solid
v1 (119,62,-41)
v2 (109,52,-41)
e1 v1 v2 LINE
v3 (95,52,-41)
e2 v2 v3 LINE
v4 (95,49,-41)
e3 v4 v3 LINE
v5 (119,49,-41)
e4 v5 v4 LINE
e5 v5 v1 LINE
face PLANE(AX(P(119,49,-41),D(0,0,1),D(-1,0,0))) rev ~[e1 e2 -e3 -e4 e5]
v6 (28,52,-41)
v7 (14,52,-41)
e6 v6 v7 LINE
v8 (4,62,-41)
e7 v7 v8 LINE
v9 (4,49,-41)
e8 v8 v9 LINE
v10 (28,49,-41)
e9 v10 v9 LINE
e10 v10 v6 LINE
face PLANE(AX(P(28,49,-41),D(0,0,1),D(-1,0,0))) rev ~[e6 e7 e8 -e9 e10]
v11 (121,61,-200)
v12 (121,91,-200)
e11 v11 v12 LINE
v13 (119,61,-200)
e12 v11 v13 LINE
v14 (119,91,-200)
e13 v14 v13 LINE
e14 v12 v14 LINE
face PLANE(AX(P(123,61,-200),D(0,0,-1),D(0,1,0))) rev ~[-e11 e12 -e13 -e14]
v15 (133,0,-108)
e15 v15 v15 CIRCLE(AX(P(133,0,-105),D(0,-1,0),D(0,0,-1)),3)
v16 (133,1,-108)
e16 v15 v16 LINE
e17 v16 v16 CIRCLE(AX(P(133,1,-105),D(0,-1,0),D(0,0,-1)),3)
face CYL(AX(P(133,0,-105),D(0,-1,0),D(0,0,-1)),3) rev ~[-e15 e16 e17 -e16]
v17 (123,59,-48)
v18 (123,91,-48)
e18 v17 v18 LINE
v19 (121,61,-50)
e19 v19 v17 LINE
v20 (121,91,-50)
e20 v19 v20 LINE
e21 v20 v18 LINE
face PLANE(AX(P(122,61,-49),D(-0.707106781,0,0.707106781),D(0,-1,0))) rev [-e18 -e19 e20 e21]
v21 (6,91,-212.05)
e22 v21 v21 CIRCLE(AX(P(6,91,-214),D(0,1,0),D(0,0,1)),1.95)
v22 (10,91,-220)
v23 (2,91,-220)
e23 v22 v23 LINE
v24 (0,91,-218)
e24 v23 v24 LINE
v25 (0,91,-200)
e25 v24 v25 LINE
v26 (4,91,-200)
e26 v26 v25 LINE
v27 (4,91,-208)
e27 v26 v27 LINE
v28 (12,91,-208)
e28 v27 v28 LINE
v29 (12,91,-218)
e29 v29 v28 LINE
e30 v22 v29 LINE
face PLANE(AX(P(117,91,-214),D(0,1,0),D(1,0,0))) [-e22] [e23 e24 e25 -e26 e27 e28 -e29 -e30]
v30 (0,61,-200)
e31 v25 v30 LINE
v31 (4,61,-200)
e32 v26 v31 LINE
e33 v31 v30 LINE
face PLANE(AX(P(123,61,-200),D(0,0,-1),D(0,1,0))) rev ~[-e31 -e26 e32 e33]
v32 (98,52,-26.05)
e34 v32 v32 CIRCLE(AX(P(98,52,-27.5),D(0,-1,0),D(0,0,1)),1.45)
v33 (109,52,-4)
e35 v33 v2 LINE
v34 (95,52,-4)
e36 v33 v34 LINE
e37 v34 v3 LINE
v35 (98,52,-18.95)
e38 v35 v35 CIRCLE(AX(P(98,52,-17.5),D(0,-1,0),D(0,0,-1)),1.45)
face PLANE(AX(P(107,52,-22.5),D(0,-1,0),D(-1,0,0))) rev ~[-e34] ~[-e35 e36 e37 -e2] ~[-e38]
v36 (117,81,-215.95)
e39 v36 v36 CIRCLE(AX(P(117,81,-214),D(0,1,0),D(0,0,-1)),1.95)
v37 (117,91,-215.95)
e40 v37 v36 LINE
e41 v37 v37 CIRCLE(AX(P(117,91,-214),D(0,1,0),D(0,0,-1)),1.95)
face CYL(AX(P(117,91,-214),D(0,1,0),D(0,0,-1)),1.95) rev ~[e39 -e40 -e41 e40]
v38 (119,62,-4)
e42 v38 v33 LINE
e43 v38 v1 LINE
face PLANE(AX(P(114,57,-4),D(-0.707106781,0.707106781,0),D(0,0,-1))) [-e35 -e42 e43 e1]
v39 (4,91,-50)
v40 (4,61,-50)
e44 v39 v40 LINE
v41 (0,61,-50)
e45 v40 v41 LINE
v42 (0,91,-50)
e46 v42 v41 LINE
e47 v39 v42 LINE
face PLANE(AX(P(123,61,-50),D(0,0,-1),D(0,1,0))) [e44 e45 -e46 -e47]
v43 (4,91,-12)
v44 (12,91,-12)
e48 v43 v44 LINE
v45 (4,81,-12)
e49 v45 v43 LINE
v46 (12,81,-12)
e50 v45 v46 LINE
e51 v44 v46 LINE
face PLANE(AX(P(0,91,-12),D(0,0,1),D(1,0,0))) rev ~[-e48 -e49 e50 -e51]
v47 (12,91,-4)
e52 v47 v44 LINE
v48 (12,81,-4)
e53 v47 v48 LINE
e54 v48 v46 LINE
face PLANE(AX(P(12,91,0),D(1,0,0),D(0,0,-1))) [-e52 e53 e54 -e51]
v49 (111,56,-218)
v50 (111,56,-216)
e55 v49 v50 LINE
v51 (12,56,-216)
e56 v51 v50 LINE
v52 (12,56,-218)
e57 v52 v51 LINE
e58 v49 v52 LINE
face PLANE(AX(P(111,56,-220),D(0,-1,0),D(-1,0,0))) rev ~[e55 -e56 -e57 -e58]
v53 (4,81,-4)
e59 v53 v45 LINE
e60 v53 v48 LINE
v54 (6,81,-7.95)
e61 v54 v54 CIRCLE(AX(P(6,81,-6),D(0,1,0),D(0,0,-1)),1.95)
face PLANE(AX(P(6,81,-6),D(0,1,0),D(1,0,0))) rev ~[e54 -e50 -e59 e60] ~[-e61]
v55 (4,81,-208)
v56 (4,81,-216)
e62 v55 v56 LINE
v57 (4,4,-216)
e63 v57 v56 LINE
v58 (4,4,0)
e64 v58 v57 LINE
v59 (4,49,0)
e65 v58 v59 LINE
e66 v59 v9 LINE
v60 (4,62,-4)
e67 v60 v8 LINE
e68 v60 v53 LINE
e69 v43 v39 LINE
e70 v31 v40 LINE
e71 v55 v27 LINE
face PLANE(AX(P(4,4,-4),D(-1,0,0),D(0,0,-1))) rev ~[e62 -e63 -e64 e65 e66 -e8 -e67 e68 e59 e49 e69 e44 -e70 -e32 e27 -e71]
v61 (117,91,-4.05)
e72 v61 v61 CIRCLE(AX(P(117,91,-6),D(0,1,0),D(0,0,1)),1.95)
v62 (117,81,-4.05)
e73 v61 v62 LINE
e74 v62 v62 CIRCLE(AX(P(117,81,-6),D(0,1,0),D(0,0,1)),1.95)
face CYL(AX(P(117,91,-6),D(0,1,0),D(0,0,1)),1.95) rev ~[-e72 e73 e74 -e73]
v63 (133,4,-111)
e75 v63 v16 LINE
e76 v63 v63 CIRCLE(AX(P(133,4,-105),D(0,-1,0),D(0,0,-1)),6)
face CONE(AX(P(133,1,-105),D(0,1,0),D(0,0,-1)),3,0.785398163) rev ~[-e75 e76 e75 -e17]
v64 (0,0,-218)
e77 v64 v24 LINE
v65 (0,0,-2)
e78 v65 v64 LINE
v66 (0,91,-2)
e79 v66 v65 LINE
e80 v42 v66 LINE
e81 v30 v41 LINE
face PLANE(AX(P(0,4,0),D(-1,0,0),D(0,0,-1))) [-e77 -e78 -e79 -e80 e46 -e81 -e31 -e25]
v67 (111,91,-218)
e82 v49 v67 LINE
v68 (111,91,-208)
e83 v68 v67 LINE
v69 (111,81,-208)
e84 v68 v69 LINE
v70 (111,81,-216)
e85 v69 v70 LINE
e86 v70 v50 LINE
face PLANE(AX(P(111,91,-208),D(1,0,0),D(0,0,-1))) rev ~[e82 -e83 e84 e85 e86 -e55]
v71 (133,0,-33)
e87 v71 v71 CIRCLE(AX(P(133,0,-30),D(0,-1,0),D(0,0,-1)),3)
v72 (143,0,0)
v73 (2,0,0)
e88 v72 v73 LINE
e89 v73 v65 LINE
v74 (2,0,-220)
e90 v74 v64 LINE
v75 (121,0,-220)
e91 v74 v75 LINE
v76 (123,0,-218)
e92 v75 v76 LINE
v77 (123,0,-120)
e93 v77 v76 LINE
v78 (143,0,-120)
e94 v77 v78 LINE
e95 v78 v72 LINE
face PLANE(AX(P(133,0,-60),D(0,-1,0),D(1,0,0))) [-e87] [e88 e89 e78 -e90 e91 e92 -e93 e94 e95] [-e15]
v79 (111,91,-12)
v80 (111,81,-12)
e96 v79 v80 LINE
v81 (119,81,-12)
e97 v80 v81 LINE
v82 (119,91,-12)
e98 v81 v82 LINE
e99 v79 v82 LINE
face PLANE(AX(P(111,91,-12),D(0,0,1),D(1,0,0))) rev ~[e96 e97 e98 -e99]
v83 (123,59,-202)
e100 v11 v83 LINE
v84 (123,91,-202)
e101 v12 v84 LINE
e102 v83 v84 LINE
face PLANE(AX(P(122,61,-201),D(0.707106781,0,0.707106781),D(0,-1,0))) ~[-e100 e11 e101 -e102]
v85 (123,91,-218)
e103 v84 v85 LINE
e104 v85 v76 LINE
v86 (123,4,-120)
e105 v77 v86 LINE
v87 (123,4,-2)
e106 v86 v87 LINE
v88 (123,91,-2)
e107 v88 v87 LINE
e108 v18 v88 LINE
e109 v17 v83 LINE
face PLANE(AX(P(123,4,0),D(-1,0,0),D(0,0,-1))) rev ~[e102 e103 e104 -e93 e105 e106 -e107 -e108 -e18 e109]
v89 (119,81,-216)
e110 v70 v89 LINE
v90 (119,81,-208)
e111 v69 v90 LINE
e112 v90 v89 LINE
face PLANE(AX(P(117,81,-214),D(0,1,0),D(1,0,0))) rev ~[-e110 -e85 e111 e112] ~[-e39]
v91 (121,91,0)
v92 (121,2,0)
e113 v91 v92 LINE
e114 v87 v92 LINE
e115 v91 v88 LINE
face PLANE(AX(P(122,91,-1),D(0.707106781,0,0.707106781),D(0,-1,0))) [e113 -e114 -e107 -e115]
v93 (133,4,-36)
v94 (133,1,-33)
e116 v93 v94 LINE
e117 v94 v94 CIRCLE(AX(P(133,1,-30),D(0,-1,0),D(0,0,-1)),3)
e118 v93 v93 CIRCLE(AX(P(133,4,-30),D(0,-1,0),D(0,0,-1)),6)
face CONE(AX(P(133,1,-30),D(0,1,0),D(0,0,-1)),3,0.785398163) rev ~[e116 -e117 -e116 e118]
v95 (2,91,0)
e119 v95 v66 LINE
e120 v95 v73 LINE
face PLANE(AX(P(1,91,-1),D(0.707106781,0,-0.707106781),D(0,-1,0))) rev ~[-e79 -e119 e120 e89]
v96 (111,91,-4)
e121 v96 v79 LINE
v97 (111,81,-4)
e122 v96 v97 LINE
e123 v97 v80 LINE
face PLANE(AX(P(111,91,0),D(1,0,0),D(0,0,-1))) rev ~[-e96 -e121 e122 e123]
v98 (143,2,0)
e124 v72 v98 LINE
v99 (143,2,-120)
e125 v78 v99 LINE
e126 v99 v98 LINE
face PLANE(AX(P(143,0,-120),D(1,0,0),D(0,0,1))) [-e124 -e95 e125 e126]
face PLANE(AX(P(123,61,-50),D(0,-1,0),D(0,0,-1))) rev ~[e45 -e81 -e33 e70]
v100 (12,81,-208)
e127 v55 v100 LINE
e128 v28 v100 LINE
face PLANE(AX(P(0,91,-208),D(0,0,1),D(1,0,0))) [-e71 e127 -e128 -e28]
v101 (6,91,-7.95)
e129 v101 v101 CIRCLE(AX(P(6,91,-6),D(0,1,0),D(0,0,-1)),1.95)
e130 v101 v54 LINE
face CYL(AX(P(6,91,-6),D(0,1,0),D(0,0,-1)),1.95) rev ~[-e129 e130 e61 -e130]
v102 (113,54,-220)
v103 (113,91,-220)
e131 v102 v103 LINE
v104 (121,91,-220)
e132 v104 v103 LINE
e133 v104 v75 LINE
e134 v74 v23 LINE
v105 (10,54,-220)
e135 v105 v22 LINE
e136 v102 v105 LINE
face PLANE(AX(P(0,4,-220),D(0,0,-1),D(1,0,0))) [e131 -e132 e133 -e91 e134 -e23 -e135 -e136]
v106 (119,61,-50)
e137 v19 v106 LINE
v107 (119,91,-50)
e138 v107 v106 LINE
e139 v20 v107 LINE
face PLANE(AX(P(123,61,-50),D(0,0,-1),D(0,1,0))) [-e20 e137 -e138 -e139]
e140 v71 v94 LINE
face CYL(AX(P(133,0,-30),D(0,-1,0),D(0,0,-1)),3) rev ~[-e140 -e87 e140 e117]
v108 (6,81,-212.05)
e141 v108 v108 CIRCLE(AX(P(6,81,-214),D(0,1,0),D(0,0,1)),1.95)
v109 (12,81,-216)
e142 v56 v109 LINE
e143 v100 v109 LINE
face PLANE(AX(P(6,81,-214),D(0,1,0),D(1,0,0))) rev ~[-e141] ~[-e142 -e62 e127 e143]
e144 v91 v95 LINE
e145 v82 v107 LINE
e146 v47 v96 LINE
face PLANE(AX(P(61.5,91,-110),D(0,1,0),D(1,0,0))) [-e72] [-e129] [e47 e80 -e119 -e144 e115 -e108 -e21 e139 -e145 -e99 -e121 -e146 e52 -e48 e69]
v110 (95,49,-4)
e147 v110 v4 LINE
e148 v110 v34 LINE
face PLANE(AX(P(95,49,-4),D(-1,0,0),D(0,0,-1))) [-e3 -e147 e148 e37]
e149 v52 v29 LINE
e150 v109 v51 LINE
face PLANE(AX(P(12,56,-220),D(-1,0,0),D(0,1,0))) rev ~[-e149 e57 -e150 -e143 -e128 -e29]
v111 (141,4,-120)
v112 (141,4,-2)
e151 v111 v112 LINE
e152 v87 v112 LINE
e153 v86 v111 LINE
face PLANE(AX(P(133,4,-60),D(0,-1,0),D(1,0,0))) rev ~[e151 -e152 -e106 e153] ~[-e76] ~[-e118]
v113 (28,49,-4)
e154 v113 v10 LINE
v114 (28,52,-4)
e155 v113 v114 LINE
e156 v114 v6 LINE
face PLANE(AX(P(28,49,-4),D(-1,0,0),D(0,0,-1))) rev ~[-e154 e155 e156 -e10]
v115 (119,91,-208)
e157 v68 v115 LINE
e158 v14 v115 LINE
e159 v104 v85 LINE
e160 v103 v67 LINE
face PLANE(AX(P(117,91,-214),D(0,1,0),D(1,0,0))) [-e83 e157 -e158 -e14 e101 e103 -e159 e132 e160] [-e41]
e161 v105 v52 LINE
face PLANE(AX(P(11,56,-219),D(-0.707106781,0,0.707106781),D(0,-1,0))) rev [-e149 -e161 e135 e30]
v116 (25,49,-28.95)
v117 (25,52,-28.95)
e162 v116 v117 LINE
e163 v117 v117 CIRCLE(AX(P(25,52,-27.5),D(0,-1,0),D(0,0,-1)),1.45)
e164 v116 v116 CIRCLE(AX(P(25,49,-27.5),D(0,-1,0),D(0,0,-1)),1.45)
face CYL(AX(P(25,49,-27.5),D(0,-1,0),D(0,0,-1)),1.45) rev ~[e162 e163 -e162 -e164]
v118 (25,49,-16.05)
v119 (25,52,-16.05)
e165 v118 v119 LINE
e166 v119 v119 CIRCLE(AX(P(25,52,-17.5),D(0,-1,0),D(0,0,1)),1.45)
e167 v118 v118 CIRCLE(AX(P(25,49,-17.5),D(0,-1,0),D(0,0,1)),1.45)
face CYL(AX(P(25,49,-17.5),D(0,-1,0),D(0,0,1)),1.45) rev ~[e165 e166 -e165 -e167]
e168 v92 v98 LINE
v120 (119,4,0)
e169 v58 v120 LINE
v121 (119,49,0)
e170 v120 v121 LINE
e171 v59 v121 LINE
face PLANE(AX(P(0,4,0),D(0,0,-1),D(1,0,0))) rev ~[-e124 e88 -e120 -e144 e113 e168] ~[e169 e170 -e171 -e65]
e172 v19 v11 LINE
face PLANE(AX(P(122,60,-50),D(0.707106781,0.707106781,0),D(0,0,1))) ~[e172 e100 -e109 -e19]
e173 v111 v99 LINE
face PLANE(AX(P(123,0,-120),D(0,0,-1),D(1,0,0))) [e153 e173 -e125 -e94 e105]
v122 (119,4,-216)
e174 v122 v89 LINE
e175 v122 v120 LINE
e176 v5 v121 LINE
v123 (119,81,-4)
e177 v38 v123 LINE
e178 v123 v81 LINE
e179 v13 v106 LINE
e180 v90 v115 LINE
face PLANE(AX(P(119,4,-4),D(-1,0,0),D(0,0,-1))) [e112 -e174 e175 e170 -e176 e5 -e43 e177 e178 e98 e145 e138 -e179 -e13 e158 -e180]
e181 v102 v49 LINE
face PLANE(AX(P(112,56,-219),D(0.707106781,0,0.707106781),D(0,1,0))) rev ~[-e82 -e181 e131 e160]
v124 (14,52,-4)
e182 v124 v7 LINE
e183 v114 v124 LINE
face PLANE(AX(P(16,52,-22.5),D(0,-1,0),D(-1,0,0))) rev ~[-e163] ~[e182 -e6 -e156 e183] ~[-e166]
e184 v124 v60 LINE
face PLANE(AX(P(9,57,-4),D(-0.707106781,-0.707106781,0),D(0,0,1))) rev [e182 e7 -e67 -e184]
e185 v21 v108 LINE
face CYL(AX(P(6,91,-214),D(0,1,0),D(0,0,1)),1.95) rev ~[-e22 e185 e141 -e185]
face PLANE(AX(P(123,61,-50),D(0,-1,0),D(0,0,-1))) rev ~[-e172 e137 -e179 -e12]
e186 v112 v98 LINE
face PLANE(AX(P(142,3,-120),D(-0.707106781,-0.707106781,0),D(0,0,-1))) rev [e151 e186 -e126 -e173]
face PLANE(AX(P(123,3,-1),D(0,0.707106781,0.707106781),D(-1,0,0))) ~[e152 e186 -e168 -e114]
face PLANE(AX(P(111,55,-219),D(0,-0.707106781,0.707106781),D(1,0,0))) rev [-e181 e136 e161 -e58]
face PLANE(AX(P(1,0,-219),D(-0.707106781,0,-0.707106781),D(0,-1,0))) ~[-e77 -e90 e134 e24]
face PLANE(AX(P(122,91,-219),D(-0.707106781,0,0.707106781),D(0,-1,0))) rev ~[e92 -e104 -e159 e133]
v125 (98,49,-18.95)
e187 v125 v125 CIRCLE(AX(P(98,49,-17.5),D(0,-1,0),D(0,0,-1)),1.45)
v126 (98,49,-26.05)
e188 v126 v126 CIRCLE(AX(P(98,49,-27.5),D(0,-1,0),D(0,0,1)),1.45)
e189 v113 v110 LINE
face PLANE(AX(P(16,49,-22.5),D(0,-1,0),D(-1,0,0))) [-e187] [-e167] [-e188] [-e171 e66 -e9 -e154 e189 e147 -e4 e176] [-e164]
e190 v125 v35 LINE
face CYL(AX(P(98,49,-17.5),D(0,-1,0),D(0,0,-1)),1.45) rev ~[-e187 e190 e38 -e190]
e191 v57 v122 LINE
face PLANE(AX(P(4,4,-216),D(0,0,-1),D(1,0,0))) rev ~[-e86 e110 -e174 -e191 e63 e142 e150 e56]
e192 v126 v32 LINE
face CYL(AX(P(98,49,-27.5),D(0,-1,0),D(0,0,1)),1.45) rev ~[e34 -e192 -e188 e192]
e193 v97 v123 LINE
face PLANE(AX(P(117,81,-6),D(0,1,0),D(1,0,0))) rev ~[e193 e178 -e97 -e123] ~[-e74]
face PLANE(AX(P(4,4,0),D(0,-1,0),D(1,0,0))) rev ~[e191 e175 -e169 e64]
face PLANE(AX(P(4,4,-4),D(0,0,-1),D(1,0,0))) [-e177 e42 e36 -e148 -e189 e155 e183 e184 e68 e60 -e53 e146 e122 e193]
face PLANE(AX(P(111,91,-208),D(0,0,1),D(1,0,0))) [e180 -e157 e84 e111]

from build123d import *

# Parameters (mm, degrees)
SKETCH1_W           = 123
SKETCH1_H           = 220
BOSS_EXTRUDE1_DEPTH = 4
SKETCH2_W           = 123
SKETCH2_H           = 220
SKETCH2_W_2         = 115
SKETCH2_H_2         = 212
BOSS_EXTRUDE2_DEPTH = 87
CUT_EXTRUDE1_REACH  = 269.974
SKETCH3_W           = 115
SKETCH3_H           = 45
SKETCH4_W           = 150
SKETCH4_H           = 30
CUT_EXTRUDE2_DEPTH  = 268.973879324
SKETCH6_W           = 24
SKETCH6_H           = 37
SKETCH6_R           = 1.45
BOSS_EXTRUDE4_DEPTH = 3
SKETCH8_W           = 12
SKETCH8_H           = 12
BOSS_EXTRUDE5_DEPTH = 10
CUT_EXTRUDE3_REACH  = 269.974
SKETCH9_R           = 1.95
CUT_EXTRUDE4_REACH  = 269.974
SKETCH10_W          = 99
SKETCH10_H          = 35
CHAMFER1_SIZE       = 10
SKETCH11_W          = 20
SKETCH11_H          = 120
SKETCH11_R          = 3
BOSS_EXTRUDE6_DEPTH = 4
CHAMFER3_SIZE       = 2
CHAMFER4_SIZE       = 3


with BuildPart() as part:
    # Sketch1 → Boss-Extrude1 (new body)
    with BuildSketch(Plane(origin=(0, 0, 0), x_dir=(1, 0, 0), z_dir=(0, 1, 0))):
        with Locations((61.5, 110)):
            Rectangle(SKETCH1_W, SKETCH1_H)
    extrude(amount=BOSS_EXTRUDE1_DEPTH)

    # Sketch2 → Boss-Extrude2 (add)
    with BuildSketch(Plane(origin=(0, 4, 0), x_dir=(1, 0, 0), z_dir=(0, 1, 0))):
        with Locations((61.5, 110)):
            Rectangle(SKETCH2_W, SKETCH2_H)
        with Locations((61.5, 110)):
            Rectangle(SKETCH2_W_2, SKETCH2_H_2, mode=Mode.SUBTRACT)
    extrude(amount=BOSS_EXTRUDE2_DEPTH)

    # Sketch3 → Cut-Extrude1 (cut, up to next)
    with BuildSketch(Plane.XY, mode=Mode.PRIVATE) as cut_extrude1_sk1:
        with Locations((61.5, 26.5)):
            Rectangle(SKETCH3_W, SKETCH3_H)
    cut_extrude1_tool1 = extrude(cut_extrude1_sk1.sketch, amount=-CUT_EXTRUDE1_REACH, mode=Mode.PRIVATE) & part.part
    add(cut_extrude1_tool1.solids().sort_by_distance((61.5, 26.5, 0))[0], mode=Mode.SUBTRACT)

    # Sketch4 → Cut-Extrude2 (cut, through all)
    with BuildSketch(Plane(origin=(123, 0, 0), x_dir=(0, 0, -1), z_dir=(1, 0, 0))):
        with Locations((125, 76)):
            Rectangle(SKETCH4_W, SKETCH4_H)
    extrude(amount=-CUT_EXTRUDE2_DEPTH, mode=Mode.SUBTRACT)

    # Sketch6 → Boss-Extrude4 (add)
    # profile 1 of 2: a face of its own
    with BuildSketch(Plane(origin=(0, 49, 0), x_dir=(-1, 0, 0), z_dir=(0, -1, 0))):
        with Locations((-16, 22.5)):
            Rectangle(SKETCH6_W, SKETCH6_H)
        with Locations(Location((-25, 27.5, 0), (0, 0, 90))):
            Circle(SKETCH6_R, mode=Mode.SUBTRACT)
        with Locations(Location((-25, 17.5, 0), (0, 0, 270))):
            Circle(SKETCH6_R, mode=Mode.SUBTRACT)
    # profile 2 of 2: a face of its own
    with BuildSketch(Plane(origin=(0, 49, 0), x_dir=(-1, 0, 0), z_dir=(0, -1, 0))):
        with Locations((-107, 22.5)):
            Rectangle(SKETCH6_W, SKETCH6_H)
        with Locations(Location((-98, 17.5, 0), (0, 0, 90))):
            Circle(SKETCH6_R, mode=Mode.SUBTRACT)
        with Locations(Location((-98, 27.5, 0), (0, 0, 270))):
            Circle(SKETCH6_R, mode=Mode.SUBTRACT)
    extrude(amount=-BOSS_EXTRUDE4_DEPTH)

    # Sketch8 → Boss-Extrude5 (add)
    with BuildSketch(Plane(origin=(0, 91, 0), x_dir=(1, 0, 0), z_dir=(0, 1, 0))):
        with Locations((117, 214)):
            Rectangle(SKETCH8_W, SKETCH8_H)
        with Locations((6, 214)):
            Rectangle(SKETCH8_W, SKETCH8_H)
        with Locations((117, 6)):
            Rectangle(SKETCH8_W, SKETCH8_H)
        with Locations((6, 6)):
            Rectangle(SKETCH8_W, SKETCH8_H)
    extrude(amount=-BOSS_EXTRUDE5_DEPTH)

    # Sketch9 → Cut-Extrude3 (cut, up to next)
    with BuildSketch(Plane(origin=(0, 91, 0), x_dir=(1, 0, 0), z_dir=(0, 1, 0)), mode=Mode.PRIVATE) as cut_extrude3_sk1:
        with Locations(Location((6, 214, 0), (0, 0, 270))):
            Circle(SKETCH9_R)
    cut_extrude3_tool1 = extrude(cut_extrude3_sk1.sketch, amount=-CUT_EXTRUDE3_REACH, mode=Mode.PRIVATE) & part.part
    # Sketch9 → Cut-Extrude3 (cut, up to next)
    with BuildSketch(Plane(origin=(0, 91, 0), x_dir=(1, 0, 0), z_dir=(0, 1, 0)), mode=Mode.PRIVATE) as cut_extrude3_sk2:
        with Locations(Location((117, 214, 0), (0, 0, 90))):
            Circle(SKETCH9_R)
    cut_extrude3_tool2 = extrude(cut_extrude3_sk2.sketch, amount=-CUT_EXTRUDE3_REACH, mode=Mode.PRIVATE) & part.part
    # Sketch9 → Cut-Extrude3 (cut, up to next)
    with BuildSketch(Plane(origin=(0, 91, 0), x_dir=(1, 0, 0), z_dir=(0, 1, 0)), mode=Mode.PRIVATE) as cut_extrude3_sk3:
        with Locations(Location((117, 6, 0), (0, 0, 270))):
            Circle(SKETCH9_R)
    cut_extrude3_tool3 = extrude(cut_extrude3_sk3.sketch, amount=-CUT_EXTRUDE3_REACH, mode=Mode.PRIVATE) & part.part
    # Sketch9 → Cut-Extrude3 (cut, up to next)
    with BuildSketch(Plane(origin=(0, 91, 0), x_dir=(1, 0, 0), z_dir=(0, 1, 0)), mode=Mode.PRIVATE) as cut_extrude3_sk4:
        with Locations(Location((6, 6, 0), (0, 0, 90))):
            Circle(SKETCH9_R)
    cut_extrude3_tool4 = extrude(cut_extrude3_sk4.sketch, amount=-CUT_EXTRUDE3_REACH, mode=Mode.PRIVATE) & part.part
    add(cut_extrude3_tool1.solids().sort_by_distance((6, 91, -214))[0], mode=Mode.SUBTRACT)
    add(cut_extrude3_tool2.solids().sort_by_distance((117, 91, -214))[0], mode=Mode.SUBTRACT)
    add(cut_extrude3_tool3.solids().sort_by_distance((117, 91, -6))[0], mode=Mode.SUBTRACT)
    add(cut_extrude3_tool4.solids().sort_by_distance((6, 91, -6))[0], mode=Mode.SUBTRACT)

    # Sketch10 → Cut-Extrude4 (cut, up to next)
    with BuildSketch(Plane(origin=(0, 0, -220), x_dir=(-1, 0, 0), z_dir=(0, 0, -1)), mode=Mode.PRIVATE) as cut_extrude4_sk1:
        with Locations((-61.5, 73.5)):
            Rectangle(SKETCH10_W, SKETCH10_H)
    cut_extrude4_tool1 = extrude(cut_extrude4_sk1.sketch, amount=-CUT_EXTRUDE4_REACH, mode=Mode.PRIVATE) & part.part
    add(cut_extrude4_tool1.solids().sort_by_distance((61.5, 73.5, -220))[0], mode=Mode.SUBTRACT)

    # Chamfer1
    chamfer1_edges = [part.edges().sort_by_distance(p)[0] for p in [
        (119, 52, -22.5),
        (4, 52, -22.5),
    ]]
    chamfer(chamfer1_edges, length=CHAMFER1_SIZE)

    # Sketch11 → Boss-Extrude6 (add)
    with BuildSketch(Plane.XZ):
        with Locations((133, -60)):
            Rectangle(SKETCH11_W, SKETCH11_H)
        with Locations(Location((133, -105, 0), (0, 0, 270))):
            Circle(SKETCH11_R, mode=Mode.SUBTRACT)
        with Locations(Location((133, -30, 0), (0, 0, 270))):
            Circle(SKETCH11_R, mode=Mode.SUBTRACT)
    extrude(amount=-BOSS_EXTRUDE6_DEPTH)

    # Chamfer3
    chamfer3_edges = [part.edges().sort_by_distance(p)[0] for p in [
        (111, 73.5, -220),
        (61.5, 56, -220),
        (12, 73.5, -220),
        (133, 4, 0),
        (143, 4, -60),
        (123, 76, -50),
        (123, 61, -125),
        (123, 76, -200),
        (0, 45.5, -220),
        (123, 45.5, -220),
        (123, 47.5, 0),
        (0, 45.5, 0),
    ]]
    chamfer(chamfer3_edges, length=CHAMFER3_SIZE)

    # Chamfer4
    chamfer4_edges = [part.edges().sort_by_distance(p)[0] for p in [
        (133, 4, -102),
        (133, 4, -27),
    ]]
    chamfer(chamfer4_edges, length=CHAMFER4_SIZE)


solid = part.part
